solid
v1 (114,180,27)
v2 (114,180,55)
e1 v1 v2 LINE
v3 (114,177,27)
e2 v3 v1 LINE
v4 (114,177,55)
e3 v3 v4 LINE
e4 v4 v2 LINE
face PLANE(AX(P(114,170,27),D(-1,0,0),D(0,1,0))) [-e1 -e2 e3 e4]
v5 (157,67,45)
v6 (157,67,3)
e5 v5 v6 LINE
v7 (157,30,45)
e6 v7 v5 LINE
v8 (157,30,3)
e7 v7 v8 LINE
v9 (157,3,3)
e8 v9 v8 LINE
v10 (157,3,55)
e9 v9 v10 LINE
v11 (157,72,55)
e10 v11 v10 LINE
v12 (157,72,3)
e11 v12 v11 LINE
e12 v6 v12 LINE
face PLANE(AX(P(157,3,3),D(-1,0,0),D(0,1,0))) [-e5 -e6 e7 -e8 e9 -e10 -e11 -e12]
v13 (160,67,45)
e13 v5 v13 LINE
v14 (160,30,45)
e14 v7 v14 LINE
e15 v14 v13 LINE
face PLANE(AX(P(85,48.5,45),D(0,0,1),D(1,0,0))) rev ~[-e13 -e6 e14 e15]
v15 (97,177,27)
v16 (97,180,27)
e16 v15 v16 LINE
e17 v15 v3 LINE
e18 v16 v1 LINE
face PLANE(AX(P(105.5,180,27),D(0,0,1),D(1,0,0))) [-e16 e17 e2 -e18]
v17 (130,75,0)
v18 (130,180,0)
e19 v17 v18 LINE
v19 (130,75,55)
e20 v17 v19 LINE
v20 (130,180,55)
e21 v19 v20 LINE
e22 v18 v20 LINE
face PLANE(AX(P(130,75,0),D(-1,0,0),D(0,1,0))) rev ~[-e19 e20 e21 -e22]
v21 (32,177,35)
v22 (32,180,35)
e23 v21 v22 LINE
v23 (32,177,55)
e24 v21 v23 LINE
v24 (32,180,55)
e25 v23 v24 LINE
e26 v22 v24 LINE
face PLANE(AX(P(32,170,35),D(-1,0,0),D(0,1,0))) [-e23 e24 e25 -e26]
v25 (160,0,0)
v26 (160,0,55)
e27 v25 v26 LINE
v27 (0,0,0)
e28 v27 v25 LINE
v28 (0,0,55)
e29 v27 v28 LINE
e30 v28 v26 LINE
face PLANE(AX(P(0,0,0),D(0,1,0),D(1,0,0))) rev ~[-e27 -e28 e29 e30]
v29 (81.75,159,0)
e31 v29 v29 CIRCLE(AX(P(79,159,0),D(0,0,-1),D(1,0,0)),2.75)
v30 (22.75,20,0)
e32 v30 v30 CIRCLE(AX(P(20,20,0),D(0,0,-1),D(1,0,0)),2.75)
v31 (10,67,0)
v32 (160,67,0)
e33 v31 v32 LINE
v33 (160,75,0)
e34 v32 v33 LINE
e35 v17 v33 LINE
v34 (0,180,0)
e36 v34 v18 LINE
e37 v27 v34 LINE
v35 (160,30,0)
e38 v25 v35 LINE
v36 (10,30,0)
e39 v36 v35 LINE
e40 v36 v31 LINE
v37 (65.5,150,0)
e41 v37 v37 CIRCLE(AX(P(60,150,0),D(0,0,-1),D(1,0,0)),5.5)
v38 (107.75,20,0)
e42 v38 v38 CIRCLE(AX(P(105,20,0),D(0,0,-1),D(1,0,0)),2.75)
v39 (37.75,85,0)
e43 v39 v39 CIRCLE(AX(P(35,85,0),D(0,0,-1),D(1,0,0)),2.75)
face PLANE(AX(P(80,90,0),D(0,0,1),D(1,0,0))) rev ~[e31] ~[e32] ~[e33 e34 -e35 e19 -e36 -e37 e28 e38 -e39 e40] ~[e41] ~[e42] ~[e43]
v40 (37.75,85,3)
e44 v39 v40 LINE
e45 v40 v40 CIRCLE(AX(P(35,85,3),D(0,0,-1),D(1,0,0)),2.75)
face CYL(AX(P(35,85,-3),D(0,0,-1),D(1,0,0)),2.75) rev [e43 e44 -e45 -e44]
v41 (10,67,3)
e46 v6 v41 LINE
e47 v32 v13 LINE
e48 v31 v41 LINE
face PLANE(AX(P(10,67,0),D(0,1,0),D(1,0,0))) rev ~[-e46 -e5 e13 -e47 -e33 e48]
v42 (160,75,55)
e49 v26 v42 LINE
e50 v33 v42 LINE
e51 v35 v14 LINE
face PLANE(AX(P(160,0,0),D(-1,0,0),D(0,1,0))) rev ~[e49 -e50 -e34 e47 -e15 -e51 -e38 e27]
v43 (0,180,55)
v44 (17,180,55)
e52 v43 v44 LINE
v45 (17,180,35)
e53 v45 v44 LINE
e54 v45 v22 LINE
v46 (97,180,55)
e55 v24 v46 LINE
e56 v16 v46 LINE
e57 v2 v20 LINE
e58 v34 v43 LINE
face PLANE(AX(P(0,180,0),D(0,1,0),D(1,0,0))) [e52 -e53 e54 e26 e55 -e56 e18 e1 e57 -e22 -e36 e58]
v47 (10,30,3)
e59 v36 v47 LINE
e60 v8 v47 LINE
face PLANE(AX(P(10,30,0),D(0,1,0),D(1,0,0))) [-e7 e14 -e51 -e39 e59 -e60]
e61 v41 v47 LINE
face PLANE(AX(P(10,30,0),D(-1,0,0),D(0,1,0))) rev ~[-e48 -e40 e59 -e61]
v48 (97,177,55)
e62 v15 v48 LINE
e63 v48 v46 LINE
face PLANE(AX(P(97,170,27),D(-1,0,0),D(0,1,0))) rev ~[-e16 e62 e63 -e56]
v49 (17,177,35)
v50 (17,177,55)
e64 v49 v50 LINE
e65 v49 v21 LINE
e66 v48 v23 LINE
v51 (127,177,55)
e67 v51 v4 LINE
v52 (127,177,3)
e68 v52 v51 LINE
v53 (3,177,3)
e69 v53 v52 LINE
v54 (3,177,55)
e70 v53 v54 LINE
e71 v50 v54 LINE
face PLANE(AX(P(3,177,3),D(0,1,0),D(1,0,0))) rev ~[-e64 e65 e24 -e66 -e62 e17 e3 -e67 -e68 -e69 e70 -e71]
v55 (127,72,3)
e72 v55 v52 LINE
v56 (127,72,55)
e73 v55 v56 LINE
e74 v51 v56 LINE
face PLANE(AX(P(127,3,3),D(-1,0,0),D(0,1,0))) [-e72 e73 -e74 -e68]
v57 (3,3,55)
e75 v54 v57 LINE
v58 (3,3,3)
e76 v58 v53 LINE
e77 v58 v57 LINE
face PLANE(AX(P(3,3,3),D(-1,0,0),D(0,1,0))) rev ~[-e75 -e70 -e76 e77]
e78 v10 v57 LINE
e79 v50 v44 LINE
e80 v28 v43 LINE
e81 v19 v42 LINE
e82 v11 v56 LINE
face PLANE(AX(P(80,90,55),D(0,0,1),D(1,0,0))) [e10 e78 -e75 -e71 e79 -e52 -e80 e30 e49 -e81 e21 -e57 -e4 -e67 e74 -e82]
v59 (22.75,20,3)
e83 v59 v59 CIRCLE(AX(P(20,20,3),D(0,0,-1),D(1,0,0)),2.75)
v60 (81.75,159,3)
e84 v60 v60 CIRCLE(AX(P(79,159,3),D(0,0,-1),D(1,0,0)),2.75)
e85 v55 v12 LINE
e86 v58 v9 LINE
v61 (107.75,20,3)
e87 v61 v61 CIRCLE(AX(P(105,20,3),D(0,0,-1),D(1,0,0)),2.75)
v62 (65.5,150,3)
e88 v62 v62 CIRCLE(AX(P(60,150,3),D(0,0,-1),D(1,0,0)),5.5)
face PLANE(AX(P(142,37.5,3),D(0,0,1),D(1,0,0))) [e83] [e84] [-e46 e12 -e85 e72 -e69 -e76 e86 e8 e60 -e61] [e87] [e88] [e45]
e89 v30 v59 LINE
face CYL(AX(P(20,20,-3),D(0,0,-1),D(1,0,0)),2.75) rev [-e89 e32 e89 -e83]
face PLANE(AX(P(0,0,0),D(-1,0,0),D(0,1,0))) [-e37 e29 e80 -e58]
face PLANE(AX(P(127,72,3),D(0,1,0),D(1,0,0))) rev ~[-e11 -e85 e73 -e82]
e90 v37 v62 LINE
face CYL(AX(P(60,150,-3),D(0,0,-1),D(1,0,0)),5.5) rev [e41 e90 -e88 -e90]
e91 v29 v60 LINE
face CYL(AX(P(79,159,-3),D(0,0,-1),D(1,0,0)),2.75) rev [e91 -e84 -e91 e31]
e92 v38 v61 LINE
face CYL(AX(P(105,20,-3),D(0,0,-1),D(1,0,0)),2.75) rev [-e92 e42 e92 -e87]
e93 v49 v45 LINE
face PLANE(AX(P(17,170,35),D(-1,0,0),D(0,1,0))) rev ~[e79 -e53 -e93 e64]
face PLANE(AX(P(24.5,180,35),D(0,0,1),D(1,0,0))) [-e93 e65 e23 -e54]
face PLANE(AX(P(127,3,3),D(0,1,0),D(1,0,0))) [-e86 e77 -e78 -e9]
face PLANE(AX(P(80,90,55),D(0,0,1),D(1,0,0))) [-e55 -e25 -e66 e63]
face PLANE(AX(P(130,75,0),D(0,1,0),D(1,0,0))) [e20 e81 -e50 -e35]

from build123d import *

# Parameters (mm, degrees)
BOX021_W          = 150
BOX021_H          = 37
BOX021_DEPTH      = 45
BOX018_W          = 15
BOX018_H          = 20
BOX018_DEPTH      = 20
BOX017_W          = 17
BOX017_H          = 20
BOX017_DEPTH      = 28
CYLINDER015_R     = 2.75
CYLINDER015_DEPTH = 10
CYLINDER016_R     = 2.75
CYLINDER016_DEPTH = 10
CYLINDER017_R     = 2.75
CYLINDER017_DEPTH = 10
CYLINDER018_R     = 5.5
CYLINDER018_DEPTH = 10
CYLINDER014_R     = 2.75
CYLINDER014_DEPTH = 10
BOX016_W          = 30
BOX016_H          = 69
BOX016_DEPTH      = 55
BOX015_W          = 124
BOX015_H          = 174
BOX015_DEPTH      = 55
BOX014_W          = 30
BOX014_H          = 105
BOX014_DEPTH      = 55
BOX009_W          = 160
BOX009_H          = 180
BOX009_DEPTH      = 55


with BuildPart() as w_rfel014:
    # Box021 → Box021 (new body)
    with BuildSketch(Plane(origin=(10, 30, 0), x_dir=(1, 0, 0), z_dir=(0, 0, 1))):
        with Locations((75, 18.5)):
            Rectangle(BOX021_W, BOX021_H)
    extrude(amount=BOX021_DEPTH)


with BuildPart() as w_rfel011:
    # Box018 → Box018 (new body)
    with BuildSketch(Plane(origin=(17, 170, 35), x_dir=(1, 0, 0), z_dir=(0, 0, 1))):
        with Locations((7.5, 10)):
            Rectangle(BOX018_W, BOX018_H)
    extrude(amount=BOX018_DEPTH)


with BuildPart() as fusion012:
    # Box017 → Box017 (new body)
    with BuildSketch(Plane(origin=(97, 170, 27), x_dir=(1, 0, 0), z_dir=(0, 0, 1))):
        with Locations((8.5, 10)):
            Rectangle(BOX017_W, BOX017_H)
    extrude(amount=BOX017_DEPTH)

    # Fusion012: union Würfel011
    add(w_rfel011.part)


with BuildPart() as zylinder001:
    # Cylinder015 → Cylinder015 (new body)
    with BuildSketch(Plane(origin=(105, 20, -3), x_dir=(1, 0, 0), z_dir=(0, 0, 1))):
        Circle(CYLINDER015_R)
    extrude(amount=CYLINDER015_DEPTH)


with BuildPart() as zylinder002:
    # Cylinder016 → Cylinder016 (new body)
    with BuildSketch(Plane(origin=(79, 159, -3), x_dir=(1, 0, 0), z_dir=(0, 0, 1))):
        Circle(CYLINDER016_R)
    extrude(amount=CYLINDER016_DEPTH)


with BuildPart() as zylinder003:
    # Cylinder017 → Cylinder017 (new body)
    with BuildSketch(Plane(origin=(35, 85, -3), x_dir=(1, 0, 0), z_dir=(0, 0, 1))):
        Circle(CYLINDER017_R)
    extrude(amount=CYLINDER017_DEPTH)


with BuildPart() as zylinder004:
    # Cylinder018 → Cylinder018 (new body)
    with BuildSketch(Plane(origin=(60, 150, -3), x_dir=(1, 0, 0), z_dir=(0, 0, 1))):
        Circle(CYLINDER018_R)
    extrude(amount=CYLINDER018_DEPTH)


with BuildPart() as fusion008:
    # Cylinder014 → Cylinder014 (new body)
    with BuildSketch(Plane(origin=(20, 20, -3), x_dir=(1, 0, 0), z_dir=(0, 0, 1))):
        Circle(CYLINDER014_R)
    extrude(amount=CYLINDER014_DEPTH)

    # Fusion008: union Zylinder001, Zylinder002, Zylinder003, Zylinder004
    add(zylinder001.part)
    add(zylinder002.part)
    add(zylinder003.part)
    add(zylinder004.part)


with BuildPart() as w_rfel009:
    # Box016 → Box016 (new body)
    with BuildSketch(Plane(origin=(127, 3, 3), x_dir=(1, 0, 0), z_dir=(0, 0, 1))):
        with Locations((15, 34.5)):
            Rectangle(BOX016_W, BOX016_H)
    extrude(amount=BOX016_DEPTH)


with BuildPart() as fusion011:
    # Box015 → Box015 (new body)
    with BuildSketch(Plane(origin=(3, 3, 3), x_dir=(1, 0, 0), z_dir=(0, 0, 1))):
        with Locations((62, 87)):
            Rectangle(BOX015_W, BOX015_H)
    extrude(amount=BOX015_DEPTH)

    # Fusion011: union Würfel009
    add(w_rfel009.part)


with BuildPart() as w_rfel007:
    # Box014 → Box014 (new body)
    with BuildSketch(Plane(origin=(130, 75, 0), x_dir=(1, 0, 0), z_dir=(0, 0, 1))):
        with Locations((15, 52.5)):
            Rectangle(BOX014_W, BOX014_H)
    extrude(amount=BOX014_DEPTH)


with BuildPart() as cut017:
    # Box009 → Box009 (new body)
    with BuildSketch(Plane.XY):
        with Locations((80, 90)):
            Rectangle(BOX009_W, BOX009_H)
    extrude(amount=BOX009_DEPTH)

    # Cut012: cut Würfel007
    add(w_rfel007.part, mode=Mode.SUBTRACT)

    # Cut013: cut Fusion011
    add(fusion011.part, mode=Mode.SUBTRACT)

    # Cut014: cut Fusion008
    add(fusion008.part, mode=Mode.SUBTRACT)

    # Cut015: cut Fusion012
    add(fusion012.part, mode=Mode.SUBTRACT)

    # Cut017: cut Würfel014
    add(w_rfel014.part, mode=Mode.SUBTRACT)


solid = cut017.part
